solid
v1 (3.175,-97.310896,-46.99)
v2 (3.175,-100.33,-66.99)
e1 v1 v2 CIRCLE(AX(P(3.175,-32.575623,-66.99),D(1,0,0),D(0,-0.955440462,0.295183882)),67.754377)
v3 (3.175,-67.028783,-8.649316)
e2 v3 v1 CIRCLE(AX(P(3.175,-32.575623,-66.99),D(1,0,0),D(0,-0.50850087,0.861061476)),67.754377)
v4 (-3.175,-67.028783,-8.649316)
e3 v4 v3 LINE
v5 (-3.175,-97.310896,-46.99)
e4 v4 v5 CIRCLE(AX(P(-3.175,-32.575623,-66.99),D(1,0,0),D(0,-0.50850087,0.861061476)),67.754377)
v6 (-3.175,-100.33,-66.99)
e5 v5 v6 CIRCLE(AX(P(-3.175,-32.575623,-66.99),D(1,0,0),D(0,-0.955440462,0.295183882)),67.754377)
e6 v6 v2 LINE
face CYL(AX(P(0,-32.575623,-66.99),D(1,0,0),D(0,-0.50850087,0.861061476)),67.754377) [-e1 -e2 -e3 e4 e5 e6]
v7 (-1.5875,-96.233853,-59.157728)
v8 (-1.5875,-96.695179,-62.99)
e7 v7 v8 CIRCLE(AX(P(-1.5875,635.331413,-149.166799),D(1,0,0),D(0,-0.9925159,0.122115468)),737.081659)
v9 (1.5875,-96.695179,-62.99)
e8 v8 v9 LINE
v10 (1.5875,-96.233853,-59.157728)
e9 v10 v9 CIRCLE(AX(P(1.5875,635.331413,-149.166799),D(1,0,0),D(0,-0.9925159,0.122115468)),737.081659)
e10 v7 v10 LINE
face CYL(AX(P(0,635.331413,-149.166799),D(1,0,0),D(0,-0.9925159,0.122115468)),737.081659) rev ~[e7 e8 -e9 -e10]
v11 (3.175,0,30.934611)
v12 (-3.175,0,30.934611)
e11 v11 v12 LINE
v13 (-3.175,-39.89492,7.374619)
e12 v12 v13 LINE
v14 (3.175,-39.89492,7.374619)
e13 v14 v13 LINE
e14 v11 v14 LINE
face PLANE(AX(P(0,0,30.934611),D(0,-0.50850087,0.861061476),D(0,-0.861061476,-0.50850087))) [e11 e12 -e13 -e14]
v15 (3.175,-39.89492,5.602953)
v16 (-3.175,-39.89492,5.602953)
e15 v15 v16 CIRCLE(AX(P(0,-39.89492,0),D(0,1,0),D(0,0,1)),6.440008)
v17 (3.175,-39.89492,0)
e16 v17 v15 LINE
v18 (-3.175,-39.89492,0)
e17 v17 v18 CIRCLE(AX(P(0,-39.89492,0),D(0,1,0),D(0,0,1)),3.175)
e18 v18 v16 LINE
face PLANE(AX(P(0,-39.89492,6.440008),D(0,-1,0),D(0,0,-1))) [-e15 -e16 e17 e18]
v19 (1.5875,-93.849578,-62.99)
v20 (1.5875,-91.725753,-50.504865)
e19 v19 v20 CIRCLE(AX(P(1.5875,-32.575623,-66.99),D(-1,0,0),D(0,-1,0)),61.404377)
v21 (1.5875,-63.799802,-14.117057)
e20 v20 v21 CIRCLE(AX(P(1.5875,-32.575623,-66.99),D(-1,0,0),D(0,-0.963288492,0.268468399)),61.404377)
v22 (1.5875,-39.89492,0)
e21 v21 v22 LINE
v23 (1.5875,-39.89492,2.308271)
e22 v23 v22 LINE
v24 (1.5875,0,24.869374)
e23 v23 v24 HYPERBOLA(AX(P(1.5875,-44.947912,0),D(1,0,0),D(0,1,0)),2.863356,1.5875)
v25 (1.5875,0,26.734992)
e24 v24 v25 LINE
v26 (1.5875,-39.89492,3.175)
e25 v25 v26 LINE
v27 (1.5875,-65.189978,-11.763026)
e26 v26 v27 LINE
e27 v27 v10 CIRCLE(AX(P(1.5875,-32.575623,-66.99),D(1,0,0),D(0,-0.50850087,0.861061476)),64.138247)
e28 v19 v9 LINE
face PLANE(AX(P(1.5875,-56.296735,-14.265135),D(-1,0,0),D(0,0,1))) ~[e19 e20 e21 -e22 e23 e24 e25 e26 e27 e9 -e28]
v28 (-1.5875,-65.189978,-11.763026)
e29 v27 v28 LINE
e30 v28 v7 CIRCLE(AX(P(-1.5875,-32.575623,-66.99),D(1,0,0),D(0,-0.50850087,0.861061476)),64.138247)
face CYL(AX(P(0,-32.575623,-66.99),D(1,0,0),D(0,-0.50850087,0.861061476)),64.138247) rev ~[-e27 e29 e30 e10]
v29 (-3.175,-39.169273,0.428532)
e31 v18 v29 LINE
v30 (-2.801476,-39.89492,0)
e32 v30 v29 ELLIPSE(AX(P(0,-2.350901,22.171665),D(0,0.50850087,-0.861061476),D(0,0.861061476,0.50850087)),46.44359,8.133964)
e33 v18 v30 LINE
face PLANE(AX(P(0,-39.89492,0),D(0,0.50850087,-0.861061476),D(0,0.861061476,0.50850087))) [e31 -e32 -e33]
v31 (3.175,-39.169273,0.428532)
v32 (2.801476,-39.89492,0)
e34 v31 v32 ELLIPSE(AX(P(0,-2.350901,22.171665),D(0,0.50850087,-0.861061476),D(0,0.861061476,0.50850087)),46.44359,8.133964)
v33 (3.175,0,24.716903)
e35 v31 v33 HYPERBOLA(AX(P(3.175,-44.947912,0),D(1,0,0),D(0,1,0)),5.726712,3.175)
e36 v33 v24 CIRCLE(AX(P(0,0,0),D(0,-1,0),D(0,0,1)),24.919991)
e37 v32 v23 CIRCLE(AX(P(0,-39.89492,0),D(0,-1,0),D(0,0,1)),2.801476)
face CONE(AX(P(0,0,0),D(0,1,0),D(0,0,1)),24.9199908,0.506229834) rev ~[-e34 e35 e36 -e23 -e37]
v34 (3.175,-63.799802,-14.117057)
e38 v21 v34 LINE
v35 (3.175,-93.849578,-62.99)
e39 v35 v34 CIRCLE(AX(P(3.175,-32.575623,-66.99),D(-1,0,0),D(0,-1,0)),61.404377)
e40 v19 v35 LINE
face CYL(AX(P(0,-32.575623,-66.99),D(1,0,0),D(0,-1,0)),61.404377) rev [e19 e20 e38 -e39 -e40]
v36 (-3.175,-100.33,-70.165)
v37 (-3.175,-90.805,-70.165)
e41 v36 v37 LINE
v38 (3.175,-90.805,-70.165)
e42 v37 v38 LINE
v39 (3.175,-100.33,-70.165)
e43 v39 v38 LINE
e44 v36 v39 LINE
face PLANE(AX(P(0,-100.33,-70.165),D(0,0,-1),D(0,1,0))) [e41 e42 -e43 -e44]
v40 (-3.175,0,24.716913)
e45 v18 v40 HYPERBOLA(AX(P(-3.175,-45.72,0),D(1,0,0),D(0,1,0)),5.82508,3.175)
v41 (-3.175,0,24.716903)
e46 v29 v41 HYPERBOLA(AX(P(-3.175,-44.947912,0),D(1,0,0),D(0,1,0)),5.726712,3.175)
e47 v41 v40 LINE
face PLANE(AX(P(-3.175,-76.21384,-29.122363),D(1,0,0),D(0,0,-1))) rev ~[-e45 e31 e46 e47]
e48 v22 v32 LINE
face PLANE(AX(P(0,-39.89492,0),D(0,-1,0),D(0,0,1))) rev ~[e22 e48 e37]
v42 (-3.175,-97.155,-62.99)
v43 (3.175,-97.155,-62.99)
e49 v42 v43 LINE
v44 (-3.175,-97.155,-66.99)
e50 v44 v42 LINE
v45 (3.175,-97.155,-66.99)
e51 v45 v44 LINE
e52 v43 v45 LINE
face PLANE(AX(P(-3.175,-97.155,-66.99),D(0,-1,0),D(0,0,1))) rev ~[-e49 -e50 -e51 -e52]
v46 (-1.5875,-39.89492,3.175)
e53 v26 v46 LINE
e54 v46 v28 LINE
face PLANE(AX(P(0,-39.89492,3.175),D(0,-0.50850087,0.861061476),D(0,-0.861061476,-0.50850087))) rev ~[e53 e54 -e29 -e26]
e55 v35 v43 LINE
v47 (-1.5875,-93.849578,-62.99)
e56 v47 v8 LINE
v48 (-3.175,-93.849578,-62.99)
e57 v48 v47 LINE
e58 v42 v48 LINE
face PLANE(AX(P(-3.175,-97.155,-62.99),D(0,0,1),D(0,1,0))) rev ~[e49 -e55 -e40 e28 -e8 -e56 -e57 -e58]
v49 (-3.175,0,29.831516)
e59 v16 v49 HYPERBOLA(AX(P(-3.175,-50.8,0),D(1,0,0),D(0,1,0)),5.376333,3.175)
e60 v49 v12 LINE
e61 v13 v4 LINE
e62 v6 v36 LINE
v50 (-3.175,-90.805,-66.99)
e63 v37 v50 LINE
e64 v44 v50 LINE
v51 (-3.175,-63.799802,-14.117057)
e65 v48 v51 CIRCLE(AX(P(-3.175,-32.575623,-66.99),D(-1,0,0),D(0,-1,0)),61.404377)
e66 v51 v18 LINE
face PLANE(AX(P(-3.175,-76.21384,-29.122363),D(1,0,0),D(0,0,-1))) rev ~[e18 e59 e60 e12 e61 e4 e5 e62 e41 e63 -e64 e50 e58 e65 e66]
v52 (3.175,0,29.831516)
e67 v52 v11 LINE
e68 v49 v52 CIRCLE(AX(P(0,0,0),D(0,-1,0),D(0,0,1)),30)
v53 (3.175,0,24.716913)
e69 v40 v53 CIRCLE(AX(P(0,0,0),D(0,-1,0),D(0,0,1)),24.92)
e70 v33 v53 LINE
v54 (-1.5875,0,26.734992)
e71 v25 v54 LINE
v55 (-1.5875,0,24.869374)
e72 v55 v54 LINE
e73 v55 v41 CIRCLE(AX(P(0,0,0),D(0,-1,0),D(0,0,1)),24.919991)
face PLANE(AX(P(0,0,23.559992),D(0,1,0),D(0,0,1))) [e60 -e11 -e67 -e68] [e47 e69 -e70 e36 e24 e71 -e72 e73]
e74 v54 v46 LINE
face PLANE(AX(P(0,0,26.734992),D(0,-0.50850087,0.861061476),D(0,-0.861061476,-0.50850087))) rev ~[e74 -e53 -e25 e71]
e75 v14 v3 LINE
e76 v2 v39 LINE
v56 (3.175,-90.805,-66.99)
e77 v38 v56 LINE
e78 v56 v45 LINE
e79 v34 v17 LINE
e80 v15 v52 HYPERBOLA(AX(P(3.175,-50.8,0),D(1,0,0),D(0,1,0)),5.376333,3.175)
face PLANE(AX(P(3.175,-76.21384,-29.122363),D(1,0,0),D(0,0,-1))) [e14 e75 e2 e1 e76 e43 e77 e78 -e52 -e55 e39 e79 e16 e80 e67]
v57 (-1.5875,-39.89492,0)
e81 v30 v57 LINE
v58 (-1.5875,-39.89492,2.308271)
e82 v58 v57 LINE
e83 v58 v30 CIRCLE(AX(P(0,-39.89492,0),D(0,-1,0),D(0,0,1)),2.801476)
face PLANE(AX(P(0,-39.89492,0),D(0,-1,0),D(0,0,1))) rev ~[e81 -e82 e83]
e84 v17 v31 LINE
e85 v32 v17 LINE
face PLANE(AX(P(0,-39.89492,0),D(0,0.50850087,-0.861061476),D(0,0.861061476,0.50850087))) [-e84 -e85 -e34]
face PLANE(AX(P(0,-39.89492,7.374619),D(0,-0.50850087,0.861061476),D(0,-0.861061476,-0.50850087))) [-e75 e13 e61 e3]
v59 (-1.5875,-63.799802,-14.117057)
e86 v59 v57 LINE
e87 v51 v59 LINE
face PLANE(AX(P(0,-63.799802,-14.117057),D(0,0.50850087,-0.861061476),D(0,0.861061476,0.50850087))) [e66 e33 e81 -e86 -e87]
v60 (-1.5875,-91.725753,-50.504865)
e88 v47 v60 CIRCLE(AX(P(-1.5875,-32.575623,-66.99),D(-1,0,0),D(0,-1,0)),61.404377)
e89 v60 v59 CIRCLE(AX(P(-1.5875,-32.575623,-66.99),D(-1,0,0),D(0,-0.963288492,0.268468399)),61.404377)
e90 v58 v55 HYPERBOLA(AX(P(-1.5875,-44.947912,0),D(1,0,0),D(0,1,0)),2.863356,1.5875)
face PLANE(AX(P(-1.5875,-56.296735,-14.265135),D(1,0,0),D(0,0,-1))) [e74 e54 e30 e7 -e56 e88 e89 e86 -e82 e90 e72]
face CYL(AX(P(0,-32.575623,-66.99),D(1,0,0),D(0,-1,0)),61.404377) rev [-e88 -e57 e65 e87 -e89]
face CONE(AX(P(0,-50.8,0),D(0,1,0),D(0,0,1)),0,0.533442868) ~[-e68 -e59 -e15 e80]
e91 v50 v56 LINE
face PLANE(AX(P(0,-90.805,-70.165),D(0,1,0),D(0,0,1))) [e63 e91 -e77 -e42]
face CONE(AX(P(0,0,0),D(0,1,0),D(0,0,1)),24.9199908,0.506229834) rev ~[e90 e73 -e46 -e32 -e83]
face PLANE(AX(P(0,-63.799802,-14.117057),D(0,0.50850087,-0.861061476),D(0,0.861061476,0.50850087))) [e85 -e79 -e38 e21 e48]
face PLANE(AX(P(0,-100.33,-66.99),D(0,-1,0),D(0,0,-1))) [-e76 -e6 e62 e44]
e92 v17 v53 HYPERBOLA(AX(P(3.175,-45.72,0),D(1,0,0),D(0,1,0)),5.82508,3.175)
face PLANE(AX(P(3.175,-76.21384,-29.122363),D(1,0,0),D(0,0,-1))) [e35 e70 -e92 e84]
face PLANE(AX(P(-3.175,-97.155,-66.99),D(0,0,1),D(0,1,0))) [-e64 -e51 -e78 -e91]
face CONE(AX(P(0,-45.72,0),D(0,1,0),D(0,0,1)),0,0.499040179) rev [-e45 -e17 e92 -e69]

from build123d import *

# Parameters (mm, degrees)
SKETCH5_W           = 12.880016042
SKETCH5_H           = 15.834691301
CUT_EXTRUDE2_DEPTH  = 7.62
BOSS_EXTRUDE1_DEPTH = 3.175
CUT_EXTRUDE4_DEPTH  = 1.5875
SKETCH10_W          = 4
SKETCH10_H          = 3.30542238
CUT_EXTRUDE5_DEPTH  = 34.174999944


with BuildPart() as part:
    # Sketch2 → Revolve1 (revolve)
    with BuildSketch(Plane(origin=(0, 0, 0), x_dir=(0, 0, -1), z_dir=(1, 0, 0))):
        Polygon((0, -50.8), (-29.999999944, 0), (0, 0), align=None)
    revolve(axis=Axis((0, 0, 0), (0, -1, 0)))

    # Sketch4 → Cut-Revolve1 (revolve, cut)
    with BuildSketch(Plane(origin=(0, 0, 0), x_dir=(0, 0, -1), z_dir=(1, 0, 0))):
        Polygon((0, -45.72), (-24.919999944, 0), (0, 0), align=None)
    revolve(axis=Axis((0, 16.11457811, 0), (0, -1, 0)), mode=Mode.SUBTRACT)

    # Sketch5 → Cut-Extrude2 (cut, symmetric)
    with BuildSketch(Plane(origin=(0, 0, 0), x_dir=(0, 0, -1), z_dir=(1, 0, 0))):
        with Locations((0, -47.812265381)):
            Rectangle(SKETCH5_W, SKETCH5_H)
    extrude(amount=CUT_EXTRUDE2_DEPTH, both=True, mode=Mode.SUBTRACT)

    # Sketch6 → Boss-Extrude1 (add, symmetric)
    with BuildSketch(Plane(origin=(0, 0, 0), x_dir=(0, 0, -1), z_dir=(1, 0, 0))):
        with BuildLine():
            Line((0, -39.89491973), (-7.374618631, -39.89491973))
            Line((-7.374618631, -39.89491973), (8.649316149, -67.028782674))
            ThreePointArc((8.649316149, -67.028782674), (24.995151659, -85.745993658), (46.99, -97.31089625))
            ThreePointArc((46.99, -97.31089625), (56.876704451, -99.570972509), (66.99, -100.33))
            Line((66.99, -100.33), (70.165, -100.33))
            Line((70.165, -100.33), (70.165, -90.805))
            Line((70.165, -90.805), (66.99, -90.805))
            Line((66.99, -90.805), (66.99, -93.98))
            ThreePointArc((66.99, -93.98), (36.549925695, -85.903846215), (14.117056519, -63.799802147))
            Line((14.117056519, -63.799802147), (0, -39.89491973))
        make_face()
        Polygon((-30.934610553, 0), (-7.374618631, -39.89491973), (0, -39.89491973), (-23.559991923, 0), align=None)
    extrude(amount=BOSS_EXTRUDE1_DEPTH, both=True)

    # Sketch7 → Cut-Extrude4 (cut)
    with BuildSketch(Plane(origin=(0, 0, 0), x_dir=(0, 0, -1), z_dir=(1, 0, 0))):
        with BuildLine():
            Line((-3.175, -39.89491973), (11.763026223, -65.189977515))
            ThreePointArc((11.763026223, -65.189977515), (31.846754922, -86.228834252), (59.157727955, -96.233853156))
            ThreePointArc((59.157727955, -96.233853156), (63.072632016, -96.704901626), (66.99, -97.155))
            Line((66.99, -97.155), (66.99, -93.98))
            ThreePointArc((66.99, -93.98), (58.670725699, -93.413828019), (50.504865217, -91.725752721))
            ThreePointArc((50.504865217, -91.725752721), (29.605505433, -81.288014454), (14.117056519, -63.799802147))
            Line((14.117056519, -63.799802147), (-23.559991923, 0))
            Line((-23.559991923, 0), (-26.734991923, 0))
            Line((-26.734991923, 0), (-3.175, -39.89491973))
        make_face()
    cut_extrude4 = extrude(amount=-CUT_EXTRUDE4_DEPTH, mode=Mode.SUBTRACT)

    # Mirror1: Cut-Extrude4 across plane
    add(cut_extrude4.mirror(Plane(origin=(0, 0, 0), x_dir=(0, 0, 1), z_dir=(1, 0, 0))), mode=Mode.SUBTRACT)

    # Sketch9 → Cut-Revolve2 (revolve, cut)
    with BuildSketch(Plane(origin=(0, 0, 0), x_dir=(0, 0, -1), z_dir=(1, 0, 0))):
        Polygon((0, 0), (-24.9199908, 0), (-2.801476321, -39.89491973), (0, -39.89491973), align=None)
    revolve(axis=Axis((0, 16.11457811, 0), (0, -1, 0)), mode=Mode.SUBTRACT)

    # Sketch10 → Cut-Extrude5 (cut, through all)
    with BuildSketch(Plane.ZY.offset(3.175)):
        with Locations((-64.99, -95.50228881)):
            Rectangle(SKETCH10_W, SKETCH10_H)
    extrude(amount=-CUT_EXTRUDE5_DEPTH, mode=Mode.SUBTRACT)


solid = part.part
